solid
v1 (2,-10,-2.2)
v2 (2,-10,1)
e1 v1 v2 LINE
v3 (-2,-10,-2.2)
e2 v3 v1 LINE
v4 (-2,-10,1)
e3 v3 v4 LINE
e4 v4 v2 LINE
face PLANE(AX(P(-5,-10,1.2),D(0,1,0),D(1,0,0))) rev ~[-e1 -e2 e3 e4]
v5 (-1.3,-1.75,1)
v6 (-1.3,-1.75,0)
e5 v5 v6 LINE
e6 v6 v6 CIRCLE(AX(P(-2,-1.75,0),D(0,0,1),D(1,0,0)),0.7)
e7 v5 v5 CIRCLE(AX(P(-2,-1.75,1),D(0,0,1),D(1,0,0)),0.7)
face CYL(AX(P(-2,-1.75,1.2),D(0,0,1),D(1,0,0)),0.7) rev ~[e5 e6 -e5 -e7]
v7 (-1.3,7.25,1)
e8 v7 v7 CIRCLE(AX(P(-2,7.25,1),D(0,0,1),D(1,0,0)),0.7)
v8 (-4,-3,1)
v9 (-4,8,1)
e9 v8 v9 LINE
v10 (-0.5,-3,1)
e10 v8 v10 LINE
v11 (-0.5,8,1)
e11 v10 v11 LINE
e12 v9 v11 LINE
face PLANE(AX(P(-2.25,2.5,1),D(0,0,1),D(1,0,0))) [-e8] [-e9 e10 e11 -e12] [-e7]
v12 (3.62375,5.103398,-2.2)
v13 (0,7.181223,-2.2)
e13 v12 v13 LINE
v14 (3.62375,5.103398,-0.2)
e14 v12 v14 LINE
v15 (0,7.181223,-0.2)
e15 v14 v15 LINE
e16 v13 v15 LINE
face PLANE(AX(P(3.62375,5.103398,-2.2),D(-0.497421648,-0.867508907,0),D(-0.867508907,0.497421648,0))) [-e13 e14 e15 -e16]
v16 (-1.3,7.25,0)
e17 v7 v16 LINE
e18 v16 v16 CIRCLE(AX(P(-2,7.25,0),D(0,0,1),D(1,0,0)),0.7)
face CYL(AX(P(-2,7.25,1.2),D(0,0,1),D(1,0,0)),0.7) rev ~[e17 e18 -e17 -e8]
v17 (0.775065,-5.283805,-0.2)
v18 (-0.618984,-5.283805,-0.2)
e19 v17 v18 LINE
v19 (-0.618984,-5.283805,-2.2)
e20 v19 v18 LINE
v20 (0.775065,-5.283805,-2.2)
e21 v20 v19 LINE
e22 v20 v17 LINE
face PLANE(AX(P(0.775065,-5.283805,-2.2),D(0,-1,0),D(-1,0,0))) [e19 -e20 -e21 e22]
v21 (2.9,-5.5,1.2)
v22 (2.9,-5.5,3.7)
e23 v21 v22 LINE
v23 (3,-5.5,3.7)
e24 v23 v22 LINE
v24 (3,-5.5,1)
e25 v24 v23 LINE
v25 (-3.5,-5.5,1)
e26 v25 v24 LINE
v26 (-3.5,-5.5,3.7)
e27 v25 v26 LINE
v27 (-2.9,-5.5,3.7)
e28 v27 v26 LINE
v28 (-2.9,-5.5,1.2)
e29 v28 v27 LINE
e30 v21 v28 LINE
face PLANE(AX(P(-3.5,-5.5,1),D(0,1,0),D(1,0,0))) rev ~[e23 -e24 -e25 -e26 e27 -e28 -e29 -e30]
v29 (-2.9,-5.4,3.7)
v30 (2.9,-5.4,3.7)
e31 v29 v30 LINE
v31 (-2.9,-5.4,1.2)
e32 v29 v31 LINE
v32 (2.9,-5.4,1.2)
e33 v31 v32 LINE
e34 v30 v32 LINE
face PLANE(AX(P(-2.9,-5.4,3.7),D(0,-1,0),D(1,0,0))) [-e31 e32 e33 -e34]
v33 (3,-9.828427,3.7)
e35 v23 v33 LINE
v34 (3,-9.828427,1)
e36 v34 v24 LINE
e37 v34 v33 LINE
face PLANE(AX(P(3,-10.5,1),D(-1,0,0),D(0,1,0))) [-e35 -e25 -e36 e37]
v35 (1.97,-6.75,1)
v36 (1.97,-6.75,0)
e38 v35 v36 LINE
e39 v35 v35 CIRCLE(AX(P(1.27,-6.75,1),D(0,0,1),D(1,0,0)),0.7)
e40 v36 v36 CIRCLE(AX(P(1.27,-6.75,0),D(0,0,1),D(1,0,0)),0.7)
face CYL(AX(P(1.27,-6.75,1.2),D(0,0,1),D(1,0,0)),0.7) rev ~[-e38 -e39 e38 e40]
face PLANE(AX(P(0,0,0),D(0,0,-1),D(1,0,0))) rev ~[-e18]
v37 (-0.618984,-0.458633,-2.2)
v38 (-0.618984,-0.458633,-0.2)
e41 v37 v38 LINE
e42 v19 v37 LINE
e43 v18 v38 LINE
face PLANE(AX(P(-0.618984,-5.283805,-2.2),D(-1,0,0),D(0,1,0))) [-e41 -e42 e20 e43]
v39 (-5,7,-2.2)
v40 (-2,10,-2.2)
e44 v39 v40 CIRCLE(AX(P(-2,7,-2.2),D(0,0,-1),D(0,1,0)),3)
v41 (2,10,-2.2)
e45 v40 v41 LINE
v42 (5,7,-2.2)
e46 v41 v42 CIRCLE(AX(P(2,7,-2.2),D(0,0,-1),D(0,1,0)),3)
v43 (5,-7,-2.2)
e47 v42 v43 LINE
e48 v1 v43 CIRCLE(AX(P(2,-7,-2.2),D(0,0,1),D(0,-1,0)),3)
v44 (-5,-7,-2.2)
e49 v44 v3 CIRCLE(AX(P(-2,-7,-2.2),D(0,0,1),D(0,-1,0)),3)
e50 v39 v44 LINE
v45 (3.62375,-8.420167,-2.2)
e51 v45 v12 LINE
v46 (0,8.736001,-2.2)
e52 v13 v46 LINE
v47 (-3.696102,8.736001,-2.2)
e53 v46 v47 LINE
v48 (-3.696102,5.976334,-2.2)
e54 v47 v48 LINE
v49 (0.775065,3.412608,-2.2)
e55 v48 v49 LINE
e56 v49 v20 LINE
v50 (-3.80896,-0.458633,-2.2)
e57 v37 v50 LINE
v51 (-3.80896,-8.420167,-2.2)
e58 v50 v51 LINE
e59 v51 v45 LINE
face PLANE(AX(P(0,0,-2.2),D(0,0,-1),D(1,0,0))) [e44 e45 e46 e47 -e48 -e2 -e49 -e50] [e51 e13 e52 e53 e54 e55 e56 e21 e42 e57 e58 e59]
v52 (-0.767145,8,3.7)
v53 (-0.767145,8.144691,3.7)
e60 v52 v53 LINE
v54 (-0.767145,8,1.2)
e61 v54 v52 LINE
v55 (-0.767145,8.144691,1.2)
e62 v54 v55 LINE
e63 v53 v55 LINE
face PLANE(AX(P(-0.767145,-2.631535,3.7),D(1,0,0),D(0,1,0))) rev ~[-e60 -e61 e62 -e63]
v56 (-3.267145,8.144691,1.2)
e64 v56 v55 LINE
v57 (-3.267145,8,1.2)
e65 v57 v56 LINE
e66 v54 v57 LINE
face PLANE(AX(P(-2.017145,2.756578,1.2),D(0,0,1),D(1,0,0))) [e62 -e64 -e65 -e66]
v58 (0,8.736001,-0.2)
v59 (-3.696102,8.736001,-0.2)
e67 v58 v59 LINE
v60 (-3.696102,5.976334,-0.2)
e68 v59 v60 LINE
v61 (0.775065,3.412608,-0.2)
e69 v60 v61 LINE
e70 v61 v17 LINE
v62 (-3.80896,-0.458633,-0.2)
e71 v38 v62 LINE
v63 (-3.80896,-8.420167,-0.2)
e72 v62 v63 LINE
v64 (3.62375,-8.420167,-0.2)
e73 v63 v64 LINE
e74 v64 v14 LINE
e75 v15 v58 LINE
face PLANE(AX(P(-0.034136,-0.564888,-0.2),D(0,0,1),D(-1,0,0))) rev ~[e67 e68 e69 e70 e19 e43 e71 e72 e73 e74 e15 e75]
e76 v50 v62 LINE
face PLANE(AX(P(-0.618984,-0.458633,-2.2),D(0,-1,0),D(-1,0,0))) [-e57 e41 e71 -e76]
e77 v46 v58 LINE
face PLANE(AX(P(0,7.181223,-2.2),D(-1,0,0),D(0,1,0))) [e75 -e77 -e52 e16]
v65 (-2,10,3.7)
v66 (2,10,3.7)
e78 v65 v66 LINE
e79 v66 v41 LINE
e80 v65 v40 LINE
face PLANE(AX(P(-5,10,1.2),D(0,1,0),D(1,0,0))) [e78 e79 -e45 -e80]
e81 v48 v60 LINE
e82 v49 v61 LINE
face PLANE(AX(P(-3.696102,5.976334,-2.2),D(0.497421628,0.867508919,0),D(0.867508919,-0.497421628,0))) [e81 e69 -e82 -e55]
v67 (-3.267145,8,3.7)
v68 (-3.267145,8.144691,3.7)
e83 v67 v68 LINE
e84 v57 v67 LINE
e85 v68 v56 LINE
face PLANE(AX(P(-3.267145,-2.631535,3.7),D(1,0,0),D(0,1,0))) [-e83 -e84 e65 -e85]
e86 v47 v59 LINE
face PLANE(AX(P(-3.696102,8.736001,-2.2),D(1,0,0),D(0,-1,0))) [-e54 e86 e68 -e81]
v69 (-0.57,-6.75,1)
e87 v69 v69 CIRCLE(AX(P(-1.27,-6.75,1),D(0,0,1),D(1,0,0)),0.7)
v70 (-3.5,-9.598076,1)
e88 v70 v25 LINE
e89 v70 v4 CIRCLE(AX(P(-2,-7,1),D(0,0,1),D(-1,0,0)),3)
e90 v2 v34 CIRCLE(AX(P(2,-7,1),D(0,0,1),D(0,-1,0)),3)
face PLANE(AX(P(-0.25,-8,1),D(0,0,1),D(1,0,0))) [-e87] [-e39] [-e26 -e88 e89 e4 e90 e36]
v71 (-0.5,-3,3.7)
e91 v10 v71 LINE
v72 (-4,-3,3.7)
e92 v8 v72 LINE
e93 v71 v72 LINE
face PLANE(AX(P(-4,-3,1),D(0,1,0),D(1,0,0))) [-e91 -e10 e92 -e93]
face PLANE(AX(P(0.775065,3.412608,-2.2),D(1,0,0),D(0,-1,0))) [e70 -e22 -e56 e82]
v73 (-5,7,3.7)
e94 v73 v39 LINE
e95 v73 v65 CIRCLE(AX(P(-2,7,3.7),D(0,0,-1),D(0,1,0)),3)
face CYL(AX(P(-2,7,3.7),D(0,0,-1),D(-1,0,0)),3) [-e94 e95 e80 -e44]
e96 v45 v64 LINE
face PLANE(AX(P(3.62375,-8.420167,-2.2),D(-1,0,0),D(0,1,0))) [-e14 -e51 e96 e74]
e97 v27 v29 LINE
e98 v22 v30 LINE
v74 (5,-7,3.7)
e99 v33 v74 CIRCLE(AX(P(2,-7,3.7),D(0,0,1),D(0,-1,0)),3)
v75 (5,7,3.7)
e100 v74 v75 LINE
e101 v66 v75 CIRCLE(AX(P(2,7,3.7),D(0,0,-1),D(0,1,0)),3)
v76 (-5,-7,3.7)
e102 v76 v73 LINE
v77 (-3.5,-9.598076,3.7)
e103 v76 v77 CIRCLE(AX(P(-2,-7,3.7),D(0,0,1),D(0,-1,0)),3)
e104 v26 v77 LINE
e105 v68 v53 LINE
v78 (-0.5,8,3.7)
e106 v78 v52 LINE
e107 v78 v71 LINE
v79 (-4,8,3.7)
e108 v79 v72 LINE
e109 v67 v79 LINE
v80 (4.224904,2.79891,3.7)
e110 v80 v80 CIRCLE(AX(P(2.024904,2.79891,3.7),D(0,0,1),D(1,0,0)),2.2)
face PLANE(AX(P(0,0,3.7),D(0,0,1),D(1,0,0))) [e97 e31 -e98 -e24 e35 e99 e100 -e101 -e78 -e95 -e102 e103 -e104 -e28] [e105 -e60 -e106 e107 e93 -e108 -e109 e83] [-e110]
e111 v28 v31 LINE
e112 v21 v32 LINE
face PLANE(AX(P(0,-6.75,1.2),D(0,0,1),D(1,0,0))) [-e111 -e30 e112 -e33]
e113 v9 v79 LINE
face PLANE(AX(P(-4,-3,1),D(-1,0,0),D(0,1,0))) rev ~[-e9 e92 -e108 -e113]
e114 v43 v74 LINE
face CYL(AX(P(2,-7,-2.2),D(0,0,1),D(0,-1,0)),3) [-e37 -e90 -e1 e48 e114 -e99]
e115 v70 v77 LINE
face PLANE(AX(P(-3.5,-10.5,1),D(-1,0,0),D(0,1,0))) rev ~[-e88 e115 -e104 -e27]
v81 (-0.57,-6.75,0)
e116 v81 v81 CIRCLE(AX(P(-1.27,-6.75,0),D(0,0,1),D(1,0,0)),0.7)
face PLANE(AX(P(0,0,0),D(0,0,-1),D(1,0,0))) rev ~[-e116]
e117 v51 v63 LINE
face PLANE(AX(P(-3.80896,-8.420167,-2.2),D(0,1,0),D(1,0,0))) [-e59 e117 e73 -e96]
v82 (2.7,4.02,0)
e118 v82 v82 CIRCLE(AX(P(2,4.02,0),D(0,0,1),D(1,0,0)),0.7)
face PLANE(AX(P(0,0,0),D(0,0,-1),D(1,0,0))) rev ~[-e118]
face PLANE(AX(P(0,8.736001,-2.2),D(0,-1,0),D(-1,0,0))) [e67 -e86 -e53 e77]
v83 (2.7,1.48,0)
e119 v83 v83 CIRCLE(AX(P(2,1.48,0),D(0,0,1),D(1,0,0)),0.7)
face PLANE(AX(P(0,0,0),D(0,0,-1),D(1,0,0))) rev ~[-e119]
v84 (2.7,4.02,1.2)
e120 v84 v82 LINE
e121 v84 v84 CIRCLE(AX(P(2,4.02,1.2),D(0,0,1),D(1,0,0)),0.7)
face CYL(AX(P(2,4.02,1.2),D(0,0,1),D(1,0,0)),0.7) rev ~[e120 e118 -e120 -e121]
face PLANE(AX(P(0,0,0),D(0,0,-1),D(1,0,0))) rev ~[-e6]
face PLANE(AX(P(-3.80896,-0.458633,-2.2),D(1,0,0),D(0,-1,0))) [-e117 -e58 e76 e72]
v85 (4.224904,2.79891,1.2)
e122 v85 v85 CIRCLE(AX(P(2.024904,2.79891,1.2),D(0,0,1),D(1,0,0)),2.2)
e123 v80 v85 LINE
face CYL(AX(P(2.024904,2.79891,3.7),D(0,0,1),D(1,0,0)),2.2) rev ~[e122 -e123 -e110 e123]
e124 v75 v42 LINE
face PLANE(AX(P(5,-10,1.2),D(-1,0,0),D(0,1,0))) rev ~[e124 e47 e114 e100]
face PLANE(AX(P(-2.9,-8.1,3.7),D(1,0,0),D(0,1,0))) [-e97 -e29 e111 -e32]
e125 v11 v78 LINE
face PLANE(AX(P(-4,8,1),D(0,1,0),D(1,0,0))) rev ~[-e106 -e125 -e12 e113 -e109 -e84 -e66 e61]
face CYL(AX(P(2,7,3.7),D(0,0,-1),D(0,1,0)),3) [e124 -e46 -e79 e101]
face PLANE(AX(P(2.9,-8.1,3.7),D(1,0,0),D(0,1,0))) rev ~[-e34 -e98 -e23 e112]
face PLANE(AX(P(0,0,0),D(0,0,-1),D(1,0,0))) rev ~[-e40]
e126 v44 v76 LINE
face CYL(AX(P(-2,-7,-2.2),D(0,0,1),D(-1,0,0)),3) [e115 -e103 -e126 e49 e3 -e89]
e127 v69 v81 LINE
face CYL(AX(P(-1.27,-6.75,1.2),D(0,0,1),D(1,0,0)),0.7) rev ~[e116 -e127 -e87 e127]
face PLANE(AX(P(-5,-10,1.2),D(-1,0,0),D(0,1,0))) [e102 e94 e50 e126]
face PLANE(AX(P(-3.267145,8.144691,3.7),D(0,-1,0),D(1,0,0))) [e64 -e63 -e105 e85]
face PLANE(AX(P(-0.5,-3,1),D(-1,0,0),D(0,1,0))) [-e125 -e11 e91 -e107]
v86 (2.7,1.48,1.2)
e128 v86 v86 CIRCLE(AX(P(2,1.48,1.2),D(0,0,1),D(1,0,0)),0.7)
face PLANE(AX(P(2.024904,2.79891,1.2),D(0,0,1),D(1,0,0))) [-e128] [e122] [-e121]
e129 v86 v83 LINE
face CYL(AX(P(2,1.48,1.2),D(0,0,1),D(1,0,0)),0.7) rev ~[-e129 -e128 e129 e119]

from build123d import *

# Parameters (mm, degrees)
BOX001_W        = 3.5
BOX001_H        = 11
BOX001_DEPTH    = 10
BOX_W           = 6.5
BOX_H           = 5
BOX_DEPTH       = 4
SKETCH010_W     = 10
SKETCH010_H     = 20
PAD004_DEPTH    = 1.2
SKETCH011_R     = 0.7
POCKET004_DEPTH = 1.201
SKETCH012_W     = 10
SKETCH012_H     = 20
PAD005_DEPTH    = 0.2
SKETCH014_W     = 10
SKETCH014_H     = 20
PAD006_DEPTH    = 2
POCKET005_DEPTH = 2
SKETCH015_W     = 10
SKETCH015_H     = 20
PAD007_DEPTH    = 2.5
SKETCH016_R     = 2.2
SKETCH016_W     = 5.8
SKETCH016_H     = 2.7
SKETCH016_W_2   = 2.5
SKETCH016_H_2   = 10.776226
POCKET006_DEPTH = 2.5
FILLET_R        = 3


with BuildPart() as cubo001:
    # Box001 → Box001 (new body)
    with BuildSketch(Plane(origin=(-4, -3, 1), x_dir=(1, 0, 0), z_dir=(0, 0, 1))):
        with Locations((1.75, 5.5)):
            Rectangle(BOX001_W, BOX001_H)
    extrude(amount=BOX001_DEPTH)


with BuildPart() as cubo:
    # Box → Box (new body)
    with BuildSketch(Plane(origin=(-3.5, -10.5, 1), x_dir=(1, 0, 0), z_dir=(0, 0, 1))):
        with Locations((3.25, 2.5)):
            Rectangle(BOX_W, BOX_H)
    extrude(amount=BOX_DEPTH)


with BuildPart() as modificacion_luis:
    # Sketch010 → Pad004 (new body)
    with BuildSketch(Plane.XY):
        Rectangle(SKETCH010_W, SKETCH010_H)
    extrude(amount=PAD004_DEPTH)

    # Sketch011 → Pocket004 (cut, through all)
    with BuildSketch(Plane.XY.offset(1.2)):
        with Locations((-1.27, -6.75)):
            Circle(SKETCH011_R)
        with Locations((1.27, -6.75)):
            Circle(SKETCH011_R)
        with Locations((-2, 7.25)):
            Circle(SKETCH011_R)
        with Locations((-2, -1.75)):
            Circle(SKETCH011_R)
        with Locations((2, 4.02)):
            Circle(SKETCH011_R)
        with Locations((2, 1.48)):
            Circle(SKETCH011_R)
    extrude(amount=-POCKET004_DEPTH, mode=Mode.SUBTRACT)

    # Sketch012 → Pad005 (new body)
    with BuildSketch(Plane(origin=(0, 0, 0), x_dir=(1, 0, 0), z_dir=(0, 0, -1))):
        Rectangle(SKETCH012_W, SKETCH012_H)
    extrude(amount=PAD005_DEPTH)

    # Sketch014 → Pad006 (new body)
    with BuildSketch(Plane(origin=(0, 0, -0.2), x_dir=(1, 0, 0), z_dir=(0, 0, -1))):
        Rectangle(SKETCH014_W, SKETCH014_H)
    extrude(amount=PAD006_DEPTH)

    # Sketch013 → Pocket005 (cut)
    with BuildSketch(Plane(origin=(0, 0, -2.2), x_dir=(1, 0, 0), z_dir=(0, 0, -1))):
        Polygon((-3.80896, 8.420167), (3.62375, 8.420167), (3.62375, -5.103398), (0, -7.181223), (0, -8.736001), (-3.696102, -8.736001), (-3.696102, -5.976334), (0.775065, -3.412608), (0.775065, 5.283805), (-0.618984, 5.283805), (-0.618984, 0.458633), (-3.80896, 0.458633), align=None)
    extrude(amount=-POCKET005_DEPTH, mode=Mode.SUBTRACT)

    # Sketch015 → Pad007 (new body)
    with BuildSketch(Plane.XY.offset(1.2)):
        Rectangle(SKETCH015_W, SKETCH015_H)
    extrude(amount=PAD007_DEPTH)

    # Sketch016 → Pocket006 (cut)
    with BuildSketch(Plane.XY.offset(3.7)):
        with Locations((2.024904, 2.79891)):
            Circle(SKETCH016_R)
        with Locations((0, -6.75)):
            Rectangle(SKETCH016_W, SKETCH016_H)
        with Locations((-2.017145, 2.756578)):
            Rectangle(SKETCH016_W_2, SKETCH016_H_2)
    extrude(amount=-POCKET006_DEPTH, mode=Mode.SUBTRACT)

    # Fillet
    fillet_edges = [modificacion_luis.edges().sort_by_distance(p)[0] for p in [
        (5, -10, 0.75),
        (-5, -10, 0.75),
        (5, 10, 0.75),
        (-5, 10, 0.75),
    ]]
    fillet(fillet_edges, radius=FILLET_R)

    # Cut: cut Cubo
    add(cubo.part, mode=Mode.SUBTRACT)

    # Cut001: cut Cubo001
    add(cubo001.part, mode=Mode.SUBTRACT)


solid = modificacion_luis.part
